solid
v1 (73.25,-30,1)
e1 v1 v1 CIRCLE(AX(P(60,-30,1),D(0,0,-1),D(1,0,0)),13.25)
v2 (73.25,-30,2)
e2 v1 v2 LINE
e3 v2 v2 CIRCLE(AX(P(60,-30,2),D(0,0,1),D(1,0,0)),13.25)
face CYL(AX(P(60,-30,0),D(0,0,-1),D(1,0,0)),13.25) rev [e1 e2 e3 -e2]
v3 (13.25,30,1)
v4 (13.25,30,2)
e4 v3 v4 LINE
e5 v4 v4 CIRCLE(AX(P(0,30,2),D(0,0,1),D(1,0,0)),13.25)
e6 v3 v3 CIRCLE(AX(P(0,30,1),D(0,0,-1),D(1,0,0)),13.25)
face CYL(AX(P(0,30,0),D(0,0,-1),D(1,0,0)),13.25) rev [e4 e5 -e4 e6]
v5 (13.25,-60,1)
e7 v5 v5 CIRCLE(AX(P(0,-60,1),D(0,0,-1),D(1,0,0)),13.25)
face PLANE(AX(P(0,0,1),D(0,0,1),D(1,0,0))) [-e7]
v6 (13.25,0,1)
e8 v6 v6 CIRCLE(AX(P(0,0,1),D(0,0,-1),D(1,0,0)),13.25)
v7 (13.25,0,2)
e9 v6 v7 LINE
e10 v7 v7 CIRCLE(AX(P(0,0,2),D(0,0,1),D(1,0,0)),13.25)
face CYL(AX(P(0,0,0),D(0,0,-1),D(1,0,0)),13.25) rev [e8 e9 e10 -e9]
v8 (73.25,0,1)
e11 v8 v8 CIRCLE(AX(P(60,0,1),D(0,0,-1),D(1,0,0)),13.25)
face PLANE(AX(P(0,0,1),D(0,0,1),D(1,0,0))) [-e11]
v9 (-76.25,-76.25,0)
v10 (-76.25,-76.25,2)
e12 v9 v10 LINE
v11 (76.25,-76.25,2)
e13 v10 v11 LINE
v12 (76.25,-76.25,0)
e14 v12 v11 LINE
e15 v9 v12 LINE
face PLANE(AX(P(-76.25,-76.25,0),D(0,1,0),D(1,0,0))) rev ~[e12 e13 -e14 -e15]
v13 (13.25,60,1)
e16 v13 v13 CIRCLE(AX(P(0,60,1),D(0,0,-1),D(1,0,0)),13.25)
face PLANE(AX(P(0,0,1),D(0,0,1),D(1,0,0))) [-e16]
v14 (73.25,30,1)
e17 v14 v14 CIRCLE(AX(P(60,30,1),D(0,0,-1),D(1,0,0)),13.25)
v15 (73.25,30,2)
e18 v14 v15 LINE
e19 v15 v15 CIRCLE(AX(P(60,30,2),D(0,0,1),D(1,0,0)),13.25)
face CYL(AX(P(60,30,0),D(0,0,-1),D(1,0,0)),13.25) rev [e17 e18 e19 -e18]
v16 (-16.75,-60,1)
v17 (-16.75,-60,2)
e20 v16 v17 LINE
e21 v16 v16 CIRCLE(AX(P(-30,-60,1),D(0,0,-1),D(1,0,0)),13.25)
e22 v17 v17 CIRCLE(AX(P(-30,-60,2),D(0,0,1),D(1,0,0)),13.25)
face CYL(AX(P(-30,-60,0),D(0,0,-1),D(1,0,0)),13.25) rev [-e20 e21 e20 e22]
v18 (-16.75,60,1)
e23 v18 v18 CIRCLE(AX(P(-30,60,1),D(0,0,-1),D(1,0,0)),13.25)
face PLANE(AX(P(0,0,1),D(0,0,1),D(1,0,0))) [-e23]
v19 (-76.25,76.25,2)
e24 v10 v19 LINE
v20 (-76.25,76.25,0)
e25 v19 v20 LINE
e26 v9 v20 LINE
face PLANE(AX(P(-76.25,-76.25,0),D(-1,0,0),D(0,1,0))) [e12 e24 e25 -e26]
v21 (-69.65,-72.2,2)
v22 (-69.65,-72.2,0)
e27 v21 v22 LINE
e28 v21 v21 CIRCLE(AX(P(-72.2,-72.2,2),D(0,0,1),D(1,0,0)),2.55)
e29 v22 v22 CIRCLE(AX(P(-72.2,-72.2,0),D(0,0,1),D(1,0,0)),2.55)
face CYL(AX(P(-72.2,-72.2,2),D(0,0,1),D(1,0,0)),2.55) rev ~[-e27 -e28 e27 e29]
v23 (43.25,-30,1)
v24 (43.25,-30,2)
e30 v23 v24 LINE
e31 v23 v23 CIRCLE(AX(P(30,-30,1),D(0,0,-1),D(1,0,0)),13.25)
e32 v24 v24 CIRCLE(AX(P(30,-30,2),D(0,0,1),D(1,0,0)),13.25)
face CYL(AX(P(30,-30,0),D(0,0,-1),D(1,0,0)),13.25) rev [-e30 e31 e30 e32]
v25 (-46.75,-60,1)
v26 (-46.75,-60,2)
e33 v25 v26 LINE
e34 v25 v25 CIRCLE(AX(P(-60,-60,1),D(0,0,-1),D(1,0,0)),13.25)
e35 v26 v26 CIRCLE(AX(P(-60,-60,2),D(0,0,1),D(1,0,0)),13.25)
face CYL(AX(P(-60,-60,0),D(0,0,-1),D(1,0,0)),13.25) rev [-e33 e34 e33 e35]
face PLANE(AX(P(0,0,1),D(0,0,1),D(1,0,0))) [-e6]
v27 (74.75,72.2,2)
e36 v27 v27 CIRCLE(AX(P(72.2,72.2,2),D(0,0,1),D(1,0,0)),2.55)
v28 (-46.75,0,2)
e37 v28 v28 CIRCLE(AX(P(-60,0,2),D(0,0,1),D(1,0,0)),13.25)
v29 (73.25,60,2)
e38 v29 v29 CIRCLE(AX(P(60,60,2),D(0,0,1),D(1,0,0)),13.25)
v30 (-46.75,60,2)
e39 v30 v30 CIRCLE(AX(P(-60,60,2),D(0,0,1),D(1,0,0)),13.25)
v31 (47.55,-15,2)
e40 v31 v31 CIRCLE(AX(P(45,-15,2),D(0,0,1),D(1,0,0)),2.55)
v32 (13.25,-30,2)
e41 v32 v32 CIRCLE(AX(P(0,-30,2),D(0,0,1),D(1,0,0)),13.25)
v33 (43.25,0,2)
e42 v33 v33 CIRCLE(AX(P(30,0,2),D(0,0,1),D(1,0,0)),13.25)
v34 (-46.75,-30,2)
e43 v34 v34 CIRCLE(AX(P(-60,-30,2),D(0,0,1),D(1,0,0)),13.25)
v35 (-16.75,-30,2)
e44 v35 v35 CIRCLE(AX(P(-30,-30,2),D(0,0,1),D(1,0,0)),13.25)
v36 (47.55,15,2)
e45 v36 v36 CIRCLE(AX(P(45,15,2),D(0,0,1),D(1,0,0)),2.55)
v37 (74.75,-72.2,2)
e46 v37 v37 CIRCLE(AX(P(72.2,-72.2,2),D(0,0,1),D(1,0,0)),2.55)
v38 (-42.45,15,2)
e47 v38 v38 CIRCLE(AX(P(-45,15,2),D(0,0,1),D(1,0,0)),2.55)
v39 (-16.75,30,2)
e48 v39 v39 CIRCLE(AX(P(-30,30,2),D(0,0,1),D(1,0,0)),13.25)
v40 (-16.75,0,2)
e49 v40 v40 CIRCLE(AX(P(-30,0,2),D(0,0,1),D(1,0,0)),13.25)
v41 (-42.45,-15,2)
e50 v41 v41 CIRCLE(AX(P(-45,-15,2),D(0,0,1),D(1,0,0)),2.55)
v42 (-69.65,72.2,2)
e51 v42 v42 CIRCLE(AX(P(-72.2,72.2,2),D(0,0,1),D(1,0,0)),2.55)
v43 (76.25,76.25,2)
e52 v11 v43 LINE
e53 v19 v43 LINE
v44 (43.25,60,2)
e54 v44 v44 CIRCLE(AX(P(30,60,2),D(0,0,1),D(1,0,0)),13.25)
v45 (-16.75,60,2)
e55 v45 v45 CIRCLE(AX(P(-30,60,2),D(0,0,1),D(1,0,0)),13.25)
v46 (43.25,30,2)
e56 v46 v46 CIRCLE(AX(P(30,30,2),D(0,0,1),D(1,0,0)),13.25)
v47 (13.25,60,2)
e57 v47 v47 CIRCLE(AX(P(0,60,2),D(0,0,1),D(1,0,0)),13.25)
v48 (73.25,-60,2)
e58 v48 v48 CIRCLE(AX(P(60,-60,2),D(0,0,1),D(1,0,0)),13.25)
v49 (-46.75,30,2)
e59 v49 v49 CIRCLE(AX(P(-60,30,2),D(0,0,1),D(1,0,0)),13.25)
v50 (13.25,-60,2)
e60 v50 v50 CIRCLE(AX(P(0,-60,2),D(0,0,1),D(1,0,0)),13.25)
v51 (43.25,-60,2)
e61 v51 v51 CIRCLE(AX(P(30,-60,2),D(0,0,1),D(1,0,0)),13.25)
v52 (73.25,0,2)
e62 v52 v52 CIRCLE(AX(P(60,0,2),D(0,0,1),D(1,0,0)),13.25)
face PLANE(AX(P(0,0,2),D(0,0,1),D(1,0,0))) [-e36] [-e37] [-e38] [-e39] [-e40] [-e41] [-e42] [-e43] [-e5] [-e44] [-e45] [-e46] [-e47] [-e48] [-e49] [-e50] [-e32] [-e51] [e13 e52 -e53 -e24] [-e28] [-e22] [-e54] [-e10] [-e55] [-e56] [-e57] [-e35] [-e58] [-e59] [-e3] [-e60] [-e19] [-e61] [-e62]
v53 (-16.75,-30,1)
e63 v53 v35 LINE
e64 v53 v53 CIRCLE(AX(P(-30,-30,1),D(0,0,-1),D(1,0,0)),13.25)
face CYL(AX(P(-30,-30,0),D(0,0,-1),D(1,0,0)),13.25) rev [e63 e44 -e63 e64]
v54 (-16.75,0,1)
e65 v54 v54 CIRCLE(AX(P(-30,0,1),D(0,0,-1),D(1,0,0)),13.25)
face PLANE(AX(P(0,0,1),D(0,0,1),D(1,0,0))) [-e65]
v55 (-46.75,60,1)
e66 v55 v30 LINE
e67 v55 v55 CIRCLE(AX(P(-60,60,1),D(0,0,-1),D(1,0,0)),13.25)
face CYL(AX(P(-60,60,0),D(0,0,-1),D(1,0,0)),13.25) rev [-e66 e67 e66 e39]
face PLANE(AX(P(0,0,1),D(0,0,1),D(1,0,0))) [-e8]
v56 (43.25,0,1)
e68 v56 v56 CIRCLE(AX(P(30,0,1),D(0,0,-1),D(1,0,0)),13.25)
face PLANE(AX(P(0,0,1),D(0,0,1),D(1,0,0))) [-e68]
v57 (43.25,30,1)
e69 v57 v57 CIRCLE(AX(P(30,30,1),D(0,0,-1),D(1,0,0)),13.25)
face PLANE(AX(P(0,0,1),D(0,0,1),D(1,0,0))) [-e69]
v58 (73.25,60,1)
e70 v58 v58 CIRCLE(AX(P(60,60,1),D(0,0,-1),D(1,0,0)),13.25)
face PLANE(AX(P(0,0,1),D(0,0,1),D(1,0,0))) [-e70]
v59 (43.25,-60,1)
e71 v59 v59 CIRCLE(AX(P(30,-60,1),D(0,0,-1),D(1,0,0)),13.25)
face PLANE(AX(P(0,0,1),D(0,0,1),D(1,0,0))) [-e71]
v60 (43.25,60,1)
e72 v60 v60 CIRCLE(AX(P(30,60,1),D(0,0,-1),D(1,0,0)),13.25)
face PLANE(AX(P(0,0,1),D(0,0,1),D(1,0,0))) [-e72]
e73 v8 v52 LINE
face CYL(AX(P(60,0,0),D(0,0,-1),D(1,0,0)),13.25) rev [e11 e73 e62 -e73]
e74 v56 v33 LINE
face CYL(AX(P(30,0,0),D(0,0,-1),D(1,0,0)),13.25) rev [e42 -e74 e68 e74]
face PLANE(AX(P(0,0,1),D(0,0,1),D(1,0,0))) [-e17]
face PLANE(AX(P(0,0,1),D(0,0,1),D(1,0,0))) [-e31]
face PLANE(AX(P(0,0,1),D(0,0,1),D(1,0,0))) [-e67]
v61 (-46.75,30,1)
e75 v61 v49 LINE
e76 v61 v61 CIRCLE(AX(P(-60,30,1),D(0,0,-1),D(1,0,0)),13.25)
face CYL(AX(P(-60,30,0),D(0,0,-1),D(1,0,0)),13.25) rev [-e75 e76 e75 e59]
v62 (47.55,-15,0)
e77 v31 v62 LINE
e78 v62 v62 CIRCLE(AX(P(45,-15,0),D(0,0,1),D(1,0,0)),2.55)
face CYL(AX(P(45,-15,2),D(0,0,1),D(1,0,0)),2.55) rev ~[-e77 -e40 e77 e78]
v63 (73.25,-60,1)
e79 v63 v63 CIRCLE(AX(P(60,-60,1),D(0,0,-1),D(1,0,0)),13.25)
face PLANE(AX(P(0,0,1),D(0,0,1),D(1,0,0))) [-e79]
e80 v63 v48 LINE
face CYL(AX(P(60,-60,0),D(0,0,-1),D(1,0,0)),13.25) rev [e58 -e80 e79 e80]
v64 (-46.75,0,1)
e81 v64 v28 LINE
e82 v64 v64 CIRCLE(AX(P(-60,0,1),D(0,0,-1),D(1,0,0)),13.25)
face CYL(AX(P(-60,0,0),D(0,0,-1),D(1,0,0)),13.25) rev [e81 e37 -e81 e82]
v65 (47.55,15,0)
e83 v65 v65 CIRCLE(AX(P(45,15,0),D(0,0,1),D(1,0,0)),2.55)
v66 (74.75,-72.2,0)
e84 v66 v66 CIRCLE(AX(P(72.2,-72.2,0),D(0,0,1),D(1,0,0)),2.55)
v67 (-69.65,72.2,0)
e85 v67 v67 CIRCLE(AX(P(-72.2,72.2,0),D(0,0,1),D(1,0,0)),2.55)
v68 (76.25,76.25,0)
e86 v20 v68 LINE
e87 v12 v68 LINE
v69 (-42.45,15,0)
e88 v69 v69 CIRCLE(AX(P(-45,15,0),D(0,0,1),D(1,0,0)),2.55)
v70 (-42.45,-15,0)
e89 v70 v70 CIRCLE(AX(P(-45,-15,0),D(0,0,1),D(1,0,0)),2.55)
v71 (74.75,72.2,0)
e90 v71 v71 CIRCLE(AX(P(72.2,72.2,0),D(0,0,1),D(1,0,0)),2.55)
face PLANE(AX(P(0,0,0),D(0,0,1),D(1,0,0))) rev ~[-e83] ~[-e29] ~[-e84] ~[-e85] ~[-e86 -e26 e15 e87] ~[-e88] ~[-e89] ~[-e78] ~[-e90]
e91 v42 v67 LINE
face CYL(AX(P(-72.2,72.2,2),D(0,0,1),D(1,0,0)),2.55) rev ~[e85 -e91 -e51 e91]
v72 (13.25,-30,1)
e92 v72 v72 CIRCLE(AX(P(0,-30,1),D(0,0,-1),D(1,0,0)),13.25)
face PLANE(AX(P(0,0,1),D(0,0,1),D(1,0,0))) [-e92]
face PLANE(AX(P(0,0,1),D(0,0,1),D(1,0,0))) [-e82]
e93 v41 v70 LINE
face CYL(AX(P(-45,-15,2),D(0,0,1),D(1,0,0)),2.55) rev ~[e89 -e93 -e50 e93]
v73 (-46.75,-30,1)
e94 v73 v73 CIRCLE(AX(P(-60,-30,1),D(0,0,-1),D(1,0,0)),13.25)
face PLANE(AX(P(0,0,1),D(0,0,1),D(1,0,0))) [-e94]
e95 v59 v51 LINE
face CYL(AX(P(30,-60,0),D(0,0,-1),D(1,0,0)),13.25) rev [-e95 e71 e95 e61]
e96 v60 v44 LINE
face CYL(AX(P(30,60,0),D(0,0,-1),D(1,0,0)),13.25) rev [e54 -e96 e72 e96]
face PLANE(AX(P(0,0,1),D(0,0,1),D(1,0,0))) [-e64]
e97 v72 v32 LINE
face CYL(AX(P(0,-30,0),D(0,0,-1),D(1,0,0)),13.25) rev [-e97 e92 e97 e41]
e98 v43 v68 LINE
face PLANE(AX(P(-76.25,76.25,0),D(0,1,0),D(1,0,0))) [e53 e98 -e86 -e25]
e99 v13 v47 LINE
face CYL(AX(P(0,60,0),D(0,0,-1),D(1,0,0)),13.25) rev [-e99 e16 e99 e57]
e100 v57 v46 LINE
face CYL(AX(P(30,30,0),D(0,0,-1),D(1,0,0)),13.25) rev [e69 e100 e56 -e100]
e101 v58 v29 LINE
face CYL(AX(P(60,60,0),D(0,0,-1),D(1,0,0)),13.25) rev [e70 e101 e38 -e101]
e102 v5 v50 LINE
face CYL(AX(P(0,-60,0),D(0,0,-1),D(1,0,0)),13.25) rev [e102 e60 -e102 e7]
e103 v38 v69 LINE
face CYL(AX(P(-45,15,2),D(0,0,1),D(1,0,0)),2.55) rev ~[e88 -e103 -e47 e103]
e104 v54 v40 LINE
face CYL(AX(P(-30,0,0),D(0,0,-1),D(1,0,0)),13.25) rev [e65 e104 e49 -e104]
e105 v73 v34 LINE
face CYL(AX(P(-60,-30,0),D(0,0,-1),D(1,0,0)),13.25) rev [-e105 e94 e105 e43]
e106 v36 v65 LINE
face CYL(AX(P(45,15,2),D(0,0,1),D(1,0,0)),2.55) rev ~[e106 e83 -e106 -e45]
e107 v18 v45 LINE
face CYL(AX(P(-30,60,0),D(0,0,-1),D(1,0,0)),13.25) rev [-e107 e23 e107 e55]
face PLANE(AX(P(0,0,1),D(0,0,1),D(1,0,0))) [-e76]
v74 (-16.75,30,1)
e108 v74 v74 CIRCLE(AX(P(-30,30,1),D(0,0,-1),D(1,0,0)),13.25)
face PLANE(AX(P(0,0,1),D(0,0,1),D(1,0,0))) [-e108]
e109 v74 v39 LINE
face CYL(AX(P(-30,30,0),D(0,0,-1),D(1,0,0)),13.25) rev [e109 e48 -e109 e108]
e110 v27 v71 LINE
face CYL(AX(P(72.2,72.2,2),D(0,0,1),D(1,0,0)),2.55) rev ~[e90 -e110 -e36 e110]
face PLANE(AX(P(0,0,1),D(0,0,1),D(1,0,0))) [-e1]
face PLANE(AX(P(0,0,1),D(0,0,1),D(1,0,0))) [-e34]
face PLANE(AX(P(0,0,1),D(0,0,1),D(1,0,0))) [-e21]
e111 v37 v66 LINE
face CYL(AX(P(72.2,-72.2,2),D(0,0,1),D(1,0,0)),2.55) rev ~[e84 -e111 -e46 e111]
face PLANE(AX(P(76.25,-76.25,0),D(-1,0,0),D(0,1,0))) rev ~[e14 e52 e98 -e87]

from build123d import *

# Parameters (mm, degrees)
F0_W     = 152.5
F0_H     = 152.5
F0_R     = 13.25
F1_DEPTH = 1
F2_DEPTH = 2
F3_R     = 2.55
F4_DEPTH = 2.001


with BuildPart() as f1:
    # F0 (on Top) → F1 (new body)
    with BuildSketch(Plane.XY):
        Rectangle(F0_W, F0_H)
        with Locations((-60, -60)):
            Circle(F0_R, mode=Mode.SUBTRACT)
        with Locations((-30, -60)):
            Circle(F0_R, mode=Mode.SUBTRACT)
        with Locations((-60, -30)):
            Circle(F0_R, mode=Mode.SUBTRACT)
        with Locations((-30, -30)):
            Circle(F0_R, mode=Mode.SUBTRACT)
        with Locations((0, -60)):
            Circle(F0_R, mode=Mode.SUBTRACT)
        with Locations((30, -60)):
            Circle(F0_R, mode=Mode.SUBTRACT)
        with Locations((60, -60)):
            Circle(F0_R, mode=Mode.SUBTRACT)
        with Locations((0, -30)):
            Circle(F0_R, mode=Mode.SUBTRACT)
        with Locations((30, -30)):
            Circle(F0_R, mode=Mode.SUBTRACT)
        with Locations((60, -30)):
            Circle(F0_R, mode=Mode.SUBTRACT)
        with Locations((-60, 0)):
            Circle(F0_R, mode=Mode.SUBTRACT)
        with Locations((-60, 30)):
            Circle(F0_R, mode=Mode.SUBTRACT)
        with Locations((-30, 0)):
            Circle(F0_R, mode=Mode.SUBTRACT)
        with Locations((-30, 30)):
            Circle(F0_R, mode=Mode.SUBTRACT)
        with Locations((-60, 60)):
            Circle(F0_R, mode=Mode.SUBTRACT)
        with Locations((-30, 60)):
            Circle(F0_R, mode=Mode.SUBTRACT)
        Circle(F0_R, mode=Mode.SUBTRACT)
        with Locations((30, 0)):
            Circle(F0_R, mode=Mode.SUBTRACT)
        with Locations((0, 30)):
            Circle(F0_R, mode=Mode.SUBTRACT)
        with Locations((30, 30)):
            Circle(F0_R, mode=Mode.SUBTRACT)
        with Locations((60, 0)):
            Circle(F0_R, mode=Mode.SUBTRACT)
        with Locations((60, 30)):
            Circle(F0_R, mode=Mode.SUBTRACT)
        with Locations((0, 60)):
            Circle(F0_R, mode=Mode.SUBTRACT)
        with Locations((30, 60)):
            Circle(F0_R, mode=Mode.SUBTRACT)
        with Locations((60, 60)):
            Circle(F0_R, mode=Mode.SUBTRACT)
        with Locations((-60, 60)):
            Circle(F0_R)
        with Locations((-30, 60)):
            Circle(F0_R)
        with Locations((0, 60)):
            Circle(F0_R)
        with Locations((30, 60)):
            Circle(F0_R)
        with Locations((60, 60)):
            Circle(F0_R)
        with Locations((60, 30)):
            Circle(F0_R)
        with Locations((30, 30)):
            Circle(F0_R)
        with Locations((-30, 30)):
            Circle(F0_R)
        with Locations((-60, 30)):
            Circle(F0_R)
        with Locations((0, 30)):
            Circle(F0_R)
        Circle(F0_R)
        with Locations((-30, 0)):
            Circle(F0_R)
        with Locations((-60, 0)):
            Circle(F0_R)
        with Locations((30, 0)):
            Circle(F0_R)
        with Locations((60, 0)):
            Circle(F0_R)
        with Locations((30, -30)):
            Circle(F0_R)
        with Locations((60, -30)):
            Circle(F0_R)
        with Locations((60, -60)):
            Circle(F0_R)
        with Locations((30, -60)):
            Circle(F0_R)
        with Locations((0, -60)):
            Circle(F0_R)
        with Locations((0, -30)):
            Circle(F0_R)
        with Locations((-30, -60)):
            Circle(F0_R)
        with Locations((-30, -30)):
            Circle(F0_R)
        with Locations((-60, -30)):
            Circle(F0_R)
        with Locations((-60, -60)):
            Circle(F0_R)
    extrude(amount=F1_DEPTH)

    # F0 (on Top) → F2 (join)
    with BuildSketch(Plane.XY):
        Rectangle(F0_W, F0_H)
        with Locations((-60, -60)):
            Circle(F0_R, mode=Mode.SUBTRACT)
        with Locations((-30, -60)):
            Circle(F0_R, mode=Mode.SUBTRACT)
        with Locations((-60, -30)):
            Circle(F0_R, mode=Mode.SUBTRACT)
        with Locations((-30, -30)):
            Circle(F0_R, mode=Mode.SUBTRACT)
        with Locations((0, -60)):
            Circle(F0_R, mode=Mode.SUBTRACT)
        with Locations((30, -60)):
            Circle(F0_R, mode=Mode.SUBTRACT)
        with Locations((60, -60)):
            Circle(F0_R, mode=Mode.SUBTRACT)
        with Locations((0, -30)):
            Circle(F0_R, mode=Mode.SUBTRACT)
        with Locations((30, -30)):
            Circle(F0_R, mode=Mode.SUBTRACT)
        with Locations((60, -30)):
            Circle(F0_R, mode=Mode.SUBTRACT)
        with Locations((-60, 0)):
            Circle(F0_R, mode=Mode.SUBTRACT)
        with Locations((-60, 30)):
            Circle(F0_R, mode=Mode.SUBTRACT)
        with Locations((-30, 0)):
            Circle(F0_R, mode=Mode.SUBTRACT)
        with Locations((-30, 30)):
            Circle(F0_R, mode=Mode.SUBTRACT)
        with Locations((-60, 60)):
            Circle(F0_R, mode=Mode.SUBTRACT)
        with Locations((-30, 60)):
            Circle(F0_R, mode=Mode.SUBTRACT)
        Circle(F0_R, mode=Mode.SUBTRACT)
        with Locations((30, 0)):
            Circle(F0_R, mode=Mode.SUBTRACT)
        with Locations((0, 30)):
            Circle(F0_R, mode=Mode.SUBTRACT)
        with Locations((30, 30)):
            Circle(F0_R, mode=Mode.SUBTRACT)
        with Locations((60, 0)):
            Circle(F0_R, mode=Mode.SUBTRACT)
        with Locations((60, 30)):
            Circle(F0_R, mode=Mode.SUBTRACT)
        with Locations((0, 60)):
            Circle(F0_R, mode=Mode.SUBTRACT)
        with Locations((30, 60)):
            Circle(F0_R, mode=Mode.SUBTRACT)
        with Locations((60, 60)):
            Circle(F0_R, mode=Mode.SUBTRACT)
    extrude(amount=F2_DEPTH)

    # F3 (on face) → F4 (cut, through all)
    with BuildSketch(Plane.XY.offset(2)):
        with Locations((-72.2, 72.2)):
            Circle(F3_R)
        with Locations((72.2, 72.2)):
            Circle(F3_R)
        with Locations((45, 15)):
            Circle(F3_R)
        with Locations((-45, 15)):
            Circle(F3_R)
        with Locations((45, -15)):
            Circle(F3_R)
        with Locations((-45, -15)):
            Circle(F3_R)
        with Locations((-72.2, -72.2)):
            Circle(F3_R)
        with Locations((72.2, -72.2)):
            Circle(F3_R)
    extrude(amount=-F4_DEPTH, mode=Mode.SUBTRACT)


solid = f1.part
